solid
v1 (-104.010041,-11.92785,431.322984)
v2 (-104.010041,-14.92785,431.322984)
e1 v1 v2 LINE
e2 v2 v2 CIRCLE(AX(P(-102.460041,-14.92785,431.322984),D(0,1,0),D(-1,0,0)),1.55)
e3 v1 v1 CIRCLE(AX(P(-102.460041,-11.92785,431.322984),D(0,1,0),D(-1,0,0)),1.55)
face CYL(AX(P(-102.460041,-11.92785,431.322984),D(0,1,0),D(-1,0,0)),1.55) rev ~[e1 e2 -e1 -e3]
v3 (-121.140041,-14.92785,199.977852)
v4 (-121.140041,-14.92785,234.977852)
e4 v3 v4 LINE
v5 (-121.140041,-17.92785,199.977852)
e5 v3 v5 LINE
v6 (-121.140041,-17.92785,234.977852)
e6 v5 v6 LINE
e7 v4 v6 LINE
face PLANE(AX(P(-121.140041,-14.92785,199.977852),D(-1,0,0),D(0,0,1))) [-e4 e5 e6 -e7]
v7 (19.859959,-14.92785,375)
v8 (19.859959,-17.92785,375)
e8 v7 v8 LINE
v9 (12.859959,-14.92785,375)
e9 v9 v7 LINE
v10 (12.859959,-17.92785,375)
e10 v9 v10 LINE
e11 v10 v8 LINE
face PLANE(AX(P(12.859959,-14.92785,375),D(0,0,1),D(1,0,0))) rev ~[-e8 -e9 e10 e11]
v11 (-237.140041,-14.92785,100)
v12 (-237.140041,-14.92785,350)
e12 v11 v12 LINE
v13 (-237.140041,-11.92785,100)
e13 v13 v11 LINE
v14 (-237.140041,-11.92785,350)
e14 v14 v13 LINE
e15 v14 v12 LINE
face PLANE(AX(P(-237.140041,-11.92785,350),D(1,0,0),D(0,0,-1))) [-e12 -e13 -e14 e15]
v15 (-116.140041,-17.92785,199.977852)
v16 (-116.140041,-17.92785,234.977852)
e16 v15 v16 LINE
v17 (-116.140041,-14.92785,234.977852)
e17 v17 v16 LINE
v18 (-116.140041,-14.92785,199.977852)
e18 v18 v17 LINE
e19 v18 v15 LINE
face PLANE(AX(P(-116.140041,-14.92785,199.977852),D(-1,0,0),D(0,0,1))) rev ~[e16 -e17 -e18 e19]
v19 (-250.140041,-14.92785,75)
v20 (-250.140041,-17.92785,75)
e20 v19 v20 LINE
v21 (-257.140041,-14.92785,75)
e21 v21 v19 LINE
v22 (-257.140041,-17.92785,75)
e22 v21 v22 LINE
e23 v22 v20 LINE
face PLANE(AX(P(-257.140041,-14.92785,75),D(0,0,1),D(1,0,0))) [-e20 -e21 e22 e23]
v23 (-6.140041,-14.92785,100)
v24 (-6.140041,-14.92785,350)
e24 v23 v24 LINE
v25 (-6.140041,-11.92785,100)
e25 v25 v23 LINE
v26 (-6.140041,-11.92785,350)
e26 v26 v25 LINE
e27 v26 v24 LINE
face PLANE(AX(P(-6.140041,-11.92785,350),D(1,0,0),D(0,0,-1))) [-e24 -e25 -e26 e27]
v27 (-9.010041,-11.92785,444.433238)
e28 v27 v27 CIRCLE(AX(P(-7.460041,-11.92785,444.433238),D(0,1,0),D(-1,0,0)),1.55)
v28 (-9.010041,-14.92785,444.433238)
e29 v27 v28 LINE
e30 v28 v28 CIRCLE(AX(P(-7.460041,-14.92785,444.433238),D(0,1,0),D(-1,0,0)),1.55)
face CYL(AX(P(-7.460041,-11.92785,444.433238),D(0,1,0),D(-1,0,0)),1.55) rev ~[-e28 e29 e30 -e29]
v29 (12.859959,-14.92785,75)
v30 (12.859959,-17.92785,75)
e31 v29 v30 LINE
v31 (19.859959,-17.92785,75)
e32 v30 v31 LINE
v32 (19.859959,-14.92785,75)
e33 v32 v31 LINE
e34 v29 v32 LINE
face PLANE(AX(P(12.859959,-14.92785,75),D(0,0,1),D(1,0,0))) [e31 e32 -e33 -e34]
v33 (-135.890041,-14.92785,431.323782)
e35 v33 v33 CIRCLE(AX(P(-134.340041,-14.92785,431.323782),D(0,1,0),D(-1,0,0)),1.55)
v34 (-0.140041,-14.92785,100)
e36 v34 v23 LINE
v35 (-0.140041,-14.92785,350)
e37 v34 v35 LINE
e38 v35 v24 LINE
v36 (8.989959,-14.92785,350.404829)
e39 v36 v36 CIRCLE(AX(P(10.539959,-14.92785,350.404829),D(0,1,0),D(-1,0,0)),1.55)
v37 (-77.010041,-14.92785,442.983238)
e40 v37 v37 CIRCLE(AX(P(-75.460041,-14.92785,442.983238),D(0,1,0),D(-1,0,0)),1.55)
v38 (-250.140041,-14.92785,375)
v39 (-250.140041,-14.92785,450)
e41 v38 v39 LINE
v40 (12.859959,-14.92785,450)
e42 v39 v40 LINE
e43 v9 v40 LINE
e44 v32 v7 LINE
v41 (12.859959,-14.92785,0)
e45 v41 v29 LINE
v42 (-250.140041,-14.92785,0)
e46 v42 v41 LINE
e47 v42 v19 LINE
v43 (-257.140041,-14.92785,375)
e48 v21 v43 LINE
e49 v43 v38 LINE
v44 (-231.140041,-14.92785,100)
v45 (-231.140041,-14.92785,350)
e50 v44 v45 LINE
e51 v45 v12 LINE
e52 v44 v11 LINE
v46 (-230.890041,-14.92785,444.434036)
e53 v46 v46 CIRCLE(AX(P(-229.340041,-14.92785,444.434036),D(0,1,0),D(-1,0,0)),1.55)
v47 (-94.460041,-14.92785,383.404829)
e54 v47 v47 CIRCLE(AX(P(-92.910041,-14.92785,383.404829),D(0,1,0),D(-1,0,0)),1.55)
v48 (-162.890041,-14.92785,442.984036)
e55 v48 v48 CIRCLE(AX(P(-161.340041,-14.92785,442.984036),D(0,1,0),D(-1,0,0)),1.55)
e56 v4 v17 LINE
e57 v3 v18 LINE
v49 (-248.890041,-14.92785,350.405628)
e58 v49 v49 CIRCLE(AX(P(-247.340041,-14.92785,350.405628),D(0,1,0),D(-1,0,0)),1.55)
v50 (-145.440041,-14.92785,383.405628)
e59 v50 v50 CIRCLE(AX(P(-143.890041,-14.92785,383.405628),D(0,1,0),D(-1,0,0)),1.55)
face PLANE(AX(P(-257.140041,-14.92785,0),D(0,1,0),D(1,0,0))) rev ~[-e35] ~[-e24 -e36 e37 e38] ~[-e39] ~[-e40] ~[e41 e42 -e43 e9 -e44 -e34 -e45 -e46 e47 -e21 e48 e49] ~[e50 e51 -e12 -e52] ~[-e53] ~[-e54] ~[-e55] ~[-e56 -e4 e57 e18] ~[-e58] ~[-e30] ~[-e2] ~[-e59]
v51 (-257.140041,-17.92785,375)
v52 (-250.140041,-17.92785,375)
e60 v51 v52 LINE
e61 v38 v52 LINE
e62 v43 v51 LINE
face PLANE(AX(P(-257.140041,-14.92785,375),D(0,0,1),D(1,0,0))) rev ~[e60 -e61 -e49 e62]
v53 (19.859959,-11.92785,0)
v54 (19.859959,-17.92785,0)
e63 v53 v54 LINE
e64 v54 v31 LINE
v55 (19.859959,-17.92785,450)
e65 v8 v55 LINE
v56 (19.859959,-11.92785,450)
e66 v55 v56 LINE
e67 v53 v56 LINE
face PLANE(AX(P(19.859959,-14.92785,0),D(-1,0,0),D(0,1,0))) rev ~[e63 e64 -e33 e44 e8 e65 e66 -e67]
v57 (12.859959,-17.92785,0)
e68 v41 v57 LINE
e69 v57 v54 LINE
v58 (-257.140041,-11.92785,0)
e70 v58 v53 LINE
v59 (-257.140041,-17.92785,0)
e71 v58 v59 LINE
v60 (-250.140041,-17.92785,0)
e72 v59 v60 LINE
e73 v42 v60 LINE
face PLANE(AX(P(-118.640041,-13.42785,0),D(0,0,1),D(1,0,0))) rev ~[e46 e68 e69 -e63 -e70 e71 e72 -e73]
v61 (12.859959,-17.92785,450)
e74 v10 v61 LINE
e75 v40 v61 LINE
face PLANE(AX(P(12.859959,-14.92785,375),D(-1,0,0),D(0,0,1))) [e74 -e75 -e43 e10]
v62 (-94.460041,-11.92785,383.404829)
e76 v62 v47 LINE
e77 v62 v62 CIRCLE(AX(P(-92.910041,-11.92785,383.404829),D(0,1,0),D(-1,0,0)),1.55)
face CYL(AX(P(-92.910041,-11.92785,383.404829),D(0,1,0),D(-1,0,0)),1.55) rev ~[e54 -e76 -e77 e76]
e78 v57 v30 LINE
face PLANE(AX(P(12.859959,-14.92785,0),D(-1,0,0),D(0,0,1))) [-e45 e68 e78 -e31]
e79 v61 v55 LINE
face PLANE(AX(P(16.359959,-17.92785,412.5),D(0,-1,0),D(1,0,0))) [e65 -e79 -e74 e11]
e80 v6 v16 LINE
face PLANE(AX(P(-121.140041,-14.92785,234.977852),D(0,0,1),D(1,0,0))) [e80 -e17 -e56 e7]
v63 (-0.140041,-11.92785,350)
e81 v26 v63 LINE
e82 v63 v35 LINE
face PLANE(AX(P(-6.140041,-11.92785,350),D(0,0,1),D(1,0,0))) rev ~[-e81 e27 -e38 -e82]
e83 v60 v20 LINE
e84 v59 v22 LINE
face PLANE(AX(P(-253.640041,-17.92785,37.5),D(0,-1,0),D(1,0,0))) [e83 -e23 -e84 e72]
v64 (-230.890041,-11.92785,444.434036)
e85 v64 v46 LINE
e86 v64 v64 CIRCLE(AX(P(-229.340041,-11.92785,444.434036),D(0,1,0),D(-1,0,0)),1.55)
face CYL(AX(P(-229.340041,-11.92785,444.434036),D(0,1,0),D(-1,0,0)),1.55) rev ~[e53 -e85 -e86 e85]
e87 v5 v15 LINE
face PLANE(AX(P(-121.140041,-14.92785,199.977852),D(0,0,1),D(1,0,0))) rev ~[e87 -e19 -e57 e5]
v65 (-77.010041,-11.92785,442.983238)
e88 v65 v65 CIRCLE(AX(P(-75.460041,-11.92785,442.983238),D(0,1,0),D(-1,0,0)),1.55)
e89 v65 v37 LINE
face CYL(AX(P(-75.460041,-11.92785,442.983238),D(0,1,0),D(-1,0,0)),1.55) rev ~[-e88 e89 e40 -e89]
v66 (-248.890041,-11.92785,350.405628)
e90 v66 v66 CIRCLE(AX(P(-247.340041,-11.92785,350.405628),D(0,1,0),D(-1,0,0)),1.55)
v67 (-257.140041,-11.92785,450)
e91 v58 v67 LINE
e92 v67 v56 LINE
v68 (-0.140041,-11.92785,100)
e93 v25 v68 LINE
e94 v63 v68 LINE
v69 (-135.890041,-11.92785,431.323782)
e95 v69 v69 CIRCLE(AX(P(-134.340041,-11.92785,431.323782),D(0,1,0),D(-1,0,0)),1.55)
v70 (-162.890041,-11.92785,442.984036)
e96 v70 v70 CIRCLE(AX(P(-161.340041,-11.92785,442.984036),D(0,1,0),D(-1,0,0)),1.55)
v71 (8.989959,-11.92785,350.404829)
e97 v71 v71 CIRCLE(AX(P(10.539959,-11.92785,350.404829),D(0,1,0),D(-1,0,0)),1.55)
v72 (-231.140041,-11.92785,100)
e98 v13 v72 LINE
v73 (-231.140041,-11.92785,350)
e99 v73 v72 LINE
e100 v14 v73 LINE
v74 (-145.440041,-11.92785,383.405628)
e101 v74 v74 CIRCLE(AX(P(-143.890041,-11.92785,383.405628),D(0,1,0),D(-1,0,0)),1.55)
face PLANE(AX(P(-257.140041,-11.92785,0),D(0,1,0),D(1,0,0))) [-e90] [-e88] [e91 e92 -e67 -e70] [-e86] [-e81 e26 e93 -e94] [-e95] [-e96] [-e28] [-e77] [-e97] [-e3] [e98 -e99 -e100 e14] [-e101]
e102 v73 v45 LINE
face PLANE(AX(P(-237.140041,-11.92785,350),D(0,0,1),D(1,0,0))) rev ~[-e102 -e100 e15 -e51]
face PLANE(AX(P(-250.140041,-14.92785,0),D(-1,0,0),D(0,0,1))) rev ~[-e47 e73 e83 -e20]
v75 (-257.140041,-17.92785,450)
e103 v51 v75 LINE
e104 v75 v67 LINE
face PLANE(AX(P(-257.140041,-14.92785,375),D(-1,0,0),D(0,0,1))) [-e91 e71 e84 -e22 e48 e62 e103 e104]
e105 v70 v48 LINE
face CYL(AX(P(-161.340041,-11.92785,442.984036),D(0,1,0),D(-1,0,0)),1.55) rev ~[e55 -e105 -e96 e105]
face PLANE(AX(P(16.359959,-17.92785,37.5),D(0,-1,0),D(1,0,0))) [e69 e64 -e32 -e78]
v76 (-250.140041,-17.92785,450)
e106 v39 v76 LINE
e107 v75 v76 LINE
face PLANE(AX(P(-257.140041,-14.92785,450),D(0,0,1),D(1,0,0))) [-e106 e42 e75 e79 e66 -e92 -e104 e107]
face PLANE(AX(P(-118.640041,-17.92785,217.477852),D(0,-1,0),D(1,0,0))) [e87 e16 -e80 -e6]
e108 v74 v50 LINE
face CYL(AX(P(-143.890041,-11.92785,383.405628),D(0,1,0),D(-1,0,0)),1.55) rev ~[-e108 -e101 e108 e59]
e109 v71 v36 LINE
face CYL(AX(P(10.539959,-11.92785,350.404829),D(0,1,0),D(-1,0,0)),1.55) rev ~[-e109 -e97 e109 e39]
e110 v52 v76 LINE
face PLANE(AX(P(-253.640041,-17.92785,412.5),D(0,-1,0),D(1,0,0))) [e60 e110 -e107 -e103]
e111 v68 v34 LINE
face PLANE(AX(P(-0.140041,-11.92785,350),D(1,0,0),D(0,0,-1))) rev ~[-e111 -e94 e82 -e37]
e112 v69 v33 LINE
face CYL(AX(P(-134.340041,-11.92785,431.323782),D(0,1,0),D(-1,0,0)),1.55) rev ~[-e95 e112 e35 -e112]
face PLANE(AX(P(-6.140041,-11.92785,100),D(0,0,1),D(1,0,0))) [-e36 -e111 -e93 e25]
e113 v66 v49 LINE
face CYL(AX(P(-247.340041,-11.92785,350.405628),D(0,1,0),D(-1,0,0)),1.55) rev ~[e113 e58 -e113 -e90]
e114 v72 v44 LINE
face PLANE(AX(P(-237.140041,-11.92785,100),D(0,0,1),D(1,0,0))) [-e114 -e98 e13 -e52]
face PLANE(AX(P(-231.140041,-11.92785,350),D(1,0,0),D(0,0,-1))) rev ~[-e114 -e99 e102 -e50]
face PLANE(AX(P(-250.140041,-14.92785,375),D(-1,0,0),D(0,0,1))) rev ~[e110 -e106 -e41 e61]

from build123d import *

# Parameters (mm, degrees)
SKETCH1_W           = 277
SKETCH1_H           = 3
BOSS_EXTRUDE1_DEPTH = 450
CUT_EXTRUDE1_REACH  = 520.295
SKETCH2_W           = 6
SKETCH2_H           = 250
CUT_EXTRUDE2_REACH  = 520.295
SKETCH3_R           = 1.55
SKETCH4_W           = 7
SKETCH4_H           = 75
SKETCH4_W_2         = 5
SKETCH4_H_2         = 35
BOSS_EXTRUDE2_DEPTH = 3


with BuildPart() as part:
    # Sketch1 → Boss-Extrude1 (new body)
    with BuildSketch(Plane.XY):
        with Locations((-118.640040599, -13.427850278)):
            Rectangle(SKETCH1_W, SKETCH1_H)
    extrude(amount=BOSS_EXTRUDE1_DEPTH)

    # Sketch2 → Cut-Extrude1 (cut, up to next)
    with BuildSketch(Plane(origin=(0, -11.927850278, 0), x_dir=(1, 0, 0), z_dir=(0, 1, 0)), mode=Mode.PRIVATE) as cut_extrude1_sk1:
        with Locations((-234.140040599, -225)):
            Rectangle(SKETCH2_W, SKETCH2_H)
    cut_extrude1_tool1 = extrude(cut_extrude1_sk1.sketch, amount=-CUT_EXTRUDE1_REACH, mode=Mode.PRIVATE) & part.part
    # Sketch2 → Cut-Extrude1 (cut, up to next)
    with BuildSketch(Plane(origin=(0, -11.927850278, 0), x_dir=(1, 0, 0), z_dir=(0, 1, 0)), mode=Mode.PRIVATE) as cut_extrude1_sk2:
        with Locations((-3.140040599, -225)):
            Rectangle(SKETCH2_W, SKETCH2_H)
    cut_extrude1_tool2 = extrude(cut_extrude1_sk2.sketch, amount=-CUT_EXTRUDE1_REACH, mode=Mode.PRIVATE) & part.part
    add(cut_extrude1_tool1.solids().sort_by_distance((-234.140041, -11.92785, 225))[0], mode=Mode.SUBTRACT)
    add(cut_extrude1_tool2.solids().sort_by_distance((-3.140041, -11.92785, 225))[0], mode=Mode.SUBTRACT)

    # Sketch3 → Cut-Extrude2 (cut, up to next)
    with BuildSketch(Plane(origin=(0, -11.927850278, 0), x_dir=(1, 0, 0), z_dir=(0, 1, 0)), mode=Mode.PRIVATE) as cut_extrude2_sk1:
        with Locations(Location((-102.460040599, -431.322984009, 0), (0, 0, 180))):
            Circle(SKETCH3_R)
    cut_extrude2_tool1 = extrude(cut_extrude2_sk1.sketch, amount=-CUT_EXTRUDE2_REACH, mode=Mode.PRIVATE) & part.part
    # Sketch3 → Cut-Extrude2 (cut, up to next)
    with BuildSketch(Plane(origin=(0, -11.927850278, 0), x_dir=(1, 0, 0), z_dir=(0, 1, 0)), mode=Mode.PRIVATE) as cut_extrude2_sk2:
        with Locations(Location((-75.460040599, -442.983238046, 0), (0, 0, 180))):
            Circle(SKETCH3_R)
    cut_extrude2_tool2 = extrude(cut_extrude2_sk2.sketch, amount=-CUT_EXTRUDE2_REACH, mode=Mode.PRIVATE) & part.part
    # Sketch3 → Cut-Extrude2 (cut, up to next)
    with BuildSketch(Plane(origin=(0, -11.927850278, 0), x_dir=(1, 0, 0), z_dir=(0, 1, 0)), mode=Mode.PRIVATE) as cut_extrude2_sk3:
        with Locations(Location((-92.910040599, -383.404829271, 0), (0, 0, 180))):
            Circle(SKETCH3_R)
    cut_extrude2_tool3 = extrude(cut_extrude2_sk3.sketch, amount=-CUT_EXTRUDE2_REACH, mode=Mode.PRIVATE) & part.part
    # Sketch3 → Cut-Extrude2 (cut, up to next)
    with BuildSketch(Plane(origin=(0, -11.927850278, 0), x_dir=(1, 0, 0), z_dir=(0, 1, 0)), mode=Mode.PRIVATE) as cut_extrude2_sk4:
        with Locations(Location((10.539959401, -350.404829271, 0), (0, 0, 180))):
            Circle(SKETCH3_R)
    cut_extrude2_tool4 = extrude(cut_extrude2_sk4.sketch, amount=-CUT_EXTRUDE2_REACH, mode=Mode.PRIVATE) & part.part
    # Sketch3 → Cut-Extrude2 (cut, up to next)
    with BuildSketch(Plane(origin=(0, -11.927850278, 0), x_dir=(1, 0, 0), z_dir=(0, 1, 0)), mode=Mode.PRIVATE) as cut_extrude2_sk5:
        with Locations(Location((-7.460040599, -444.433238046, 0), (0, 0, 180))):
            Circle(SKETCH3_R)
    cut_extrude2_tool5 = extrude(cut_extrude2_sk5.sketch, amount=-CUT_EXTRUDE2_REACH, mode=Mode.PRIVATE) & part.part
    # Sketch3 → Cut-Extrude2 (cut, up to next)
    with BuildSketch(Plane(origin=(0, -11.927850278, 0), x_dir=(1, 0, 0), z_dir=(0, 1, 0)), mode=Mode.PRIVATE) as cut_extrude2_sk6:
        with Locations(Location((-247.340040599, -350.40562763, 0), (0, 0, 180))):
            Circle(SKETCH3_R)
    cut_extrude2_tool6 = extrude(cut_extrude2_sk6.sketch, amount=-CUT_EXTRUDE2_REACH, mode=Mode.PRIVATE) & part.part
    # Sketch3 → Cut-Extrude2 (cut, up to next)
    with BuildSketch(Plane(origin=(0, -11.927850278, 0), x_dir=(1, 0, 0), z_dir=(0, 1, 0)), mode=Mode.PRIVATE) as cut_extrude2_sk7:
        with Locations(Location((-229.340040599, -444.434036405, 0), (0, 0, 180))):
            Circle(SKETCH3_R)
    cut_extrude2_tool7 = extrude(cut_extrude2_sk7.sketch, amount=-CUT_EXTRUDE2_REACH, mode=Mode.PRIVATE) & part.part
    # Sketch3 → Cut-Extrude2 (cut, up to next)
    with BuildSketch(Plane(origin=(0, -11.927850278, 0), x_dir=(1, 0, 0), z_dir=(0, 1, 0)), mode=Mode.PRIVATE) as cut_extrude2_sk8:
        with Locations(Location((-161.340040599, -442.984036405, 0), (0, 0, 180))):
            Circle(SKETCH3_R)
    cut_extrude2_tool8 = extrude(cut_extrude2_sk8.sketch, amount=-CUT_EXTRUDE2_REACH, mode=Mode.PRIVATE) & part.part
    # Sketch3 → Cut-Extrude2 (cut, up to next)
    with BuildSketch(Plane(origin=(0, -11.927850278, 0), x_dir=(1, 0, 0), z_dir=(0, 1, 0)), mode=Mode.PRIVATE) as cut_extrude2_sk9:
        with Locations(Location((-134.340040599, -431.323782367, 0), (0, 0, 180))):
            Circle(SKETCH3_R)
    cut_extrude2_tool9 = extrude(cut_extrude2_sk9.sketch, amount=-CUT_EXTRUDE2_REACH, mode=Mode.PRIVATE) & part.part
    # Sketch3 → Cut-Extrude2 (cut, up to next)
    with BuildSketch(Plane(origin=(0, -11.927850278, 0), x_dir=(1, 0, 0), z_dir=(0, 1, 0)), mode=Mode.PRIVATE) as cut_extrude2_sk10:
        with Locations(Location((-143.890040599, -383.40562763, 0), (0, 0, 180))):
            Circle(SKETCH3_R)
    cut_extrude2_tool10 = extrude(cut_extrude2_sk10.sketch, amount=-CUT_EXTRUDE2_REACH, mode=Mode.PRIVATE) & part.part
    add(cut_extrude2_tool1.solids().sort_by_distance((-102.460041, -11.92785, 431.322984))[0], mode=Mode.SUBTRACT)
    add(cut_extrude2_tool2.solids().sort_by_distance((-75.460041, -11.92785, 442.983238))[0], mode=Mode.SUBTRACT)
    add(cut_extrude2_tool3.solids().sort_by_distance((-92.910041, -11.92785, 383.404829))[0], mode=Mode.SUBTRACT)
    add(cut_extrude2_tool4.solids().sort_by_distance((10.539959, -11.92785, 350.404829))[0], mode=Mode.SUBTRACT)
    add(cut_extrude2_tool5.solids().sort_by_distance((-7.460041, -11.92785, 444.433238))[0], mode=Mode.SUBTRACT)
    add(cut_extrude2_tool6.solids().sort_by_distance((-247.340041, -11.92785, 350.405628))[0], mode=Mode.SUBTRACT)
    add(cut_extrude2_tool7.solids().sort_by_distance((-229.340041, -11.92785, 444.434036))[0], mode=Mode.SUBTRACT)
    add(cut_extrude2_tool8.solids().sort_by_distance((-161.340041, -11.92785, 442.984036))[0], mode=Mode.SUBTRACT)
    add(cut_extrude2_tool9.solids().sort_by_distance((-134.340041, -11.92785, 431.323782))[0], mode=Mode.SUBTRACT)
    add(cut_extrude2_tool10.solids().sort_by_distance((-143.890041, -11.92785, 383.405628))[0], mode=Mode.SUBTRACT)

    # Sketch4 → Boss-Extrude2 (add)
    with BuildSketch(Plane.XZ.offset(14.927850278)):
        with Locations((-253.640040599, 412.5)):
            Rectangle(SKETCH4_W, SKETCH4_H)
        with Locations((16.359959401, 412.5)):
            Rectangle(SKETCH4_W, SKETCH4_H)
        with Locations((-253.640040599, 37.5)):
            Rectangle(SKETCH4_W, SKETCH4_H)
        with Locations((16.359959401, 37.5)):
            Rectangle(SKETCH4_W, SKETCH4_H)
        with Locations((-118.640040599, 217.477852068)):
            Rectangle(SKETCH4_W_2, SKETCH4_H_2)
    extrude(amount=BOSS_EXTRUDE2_DEPTH)


solid = part.part
